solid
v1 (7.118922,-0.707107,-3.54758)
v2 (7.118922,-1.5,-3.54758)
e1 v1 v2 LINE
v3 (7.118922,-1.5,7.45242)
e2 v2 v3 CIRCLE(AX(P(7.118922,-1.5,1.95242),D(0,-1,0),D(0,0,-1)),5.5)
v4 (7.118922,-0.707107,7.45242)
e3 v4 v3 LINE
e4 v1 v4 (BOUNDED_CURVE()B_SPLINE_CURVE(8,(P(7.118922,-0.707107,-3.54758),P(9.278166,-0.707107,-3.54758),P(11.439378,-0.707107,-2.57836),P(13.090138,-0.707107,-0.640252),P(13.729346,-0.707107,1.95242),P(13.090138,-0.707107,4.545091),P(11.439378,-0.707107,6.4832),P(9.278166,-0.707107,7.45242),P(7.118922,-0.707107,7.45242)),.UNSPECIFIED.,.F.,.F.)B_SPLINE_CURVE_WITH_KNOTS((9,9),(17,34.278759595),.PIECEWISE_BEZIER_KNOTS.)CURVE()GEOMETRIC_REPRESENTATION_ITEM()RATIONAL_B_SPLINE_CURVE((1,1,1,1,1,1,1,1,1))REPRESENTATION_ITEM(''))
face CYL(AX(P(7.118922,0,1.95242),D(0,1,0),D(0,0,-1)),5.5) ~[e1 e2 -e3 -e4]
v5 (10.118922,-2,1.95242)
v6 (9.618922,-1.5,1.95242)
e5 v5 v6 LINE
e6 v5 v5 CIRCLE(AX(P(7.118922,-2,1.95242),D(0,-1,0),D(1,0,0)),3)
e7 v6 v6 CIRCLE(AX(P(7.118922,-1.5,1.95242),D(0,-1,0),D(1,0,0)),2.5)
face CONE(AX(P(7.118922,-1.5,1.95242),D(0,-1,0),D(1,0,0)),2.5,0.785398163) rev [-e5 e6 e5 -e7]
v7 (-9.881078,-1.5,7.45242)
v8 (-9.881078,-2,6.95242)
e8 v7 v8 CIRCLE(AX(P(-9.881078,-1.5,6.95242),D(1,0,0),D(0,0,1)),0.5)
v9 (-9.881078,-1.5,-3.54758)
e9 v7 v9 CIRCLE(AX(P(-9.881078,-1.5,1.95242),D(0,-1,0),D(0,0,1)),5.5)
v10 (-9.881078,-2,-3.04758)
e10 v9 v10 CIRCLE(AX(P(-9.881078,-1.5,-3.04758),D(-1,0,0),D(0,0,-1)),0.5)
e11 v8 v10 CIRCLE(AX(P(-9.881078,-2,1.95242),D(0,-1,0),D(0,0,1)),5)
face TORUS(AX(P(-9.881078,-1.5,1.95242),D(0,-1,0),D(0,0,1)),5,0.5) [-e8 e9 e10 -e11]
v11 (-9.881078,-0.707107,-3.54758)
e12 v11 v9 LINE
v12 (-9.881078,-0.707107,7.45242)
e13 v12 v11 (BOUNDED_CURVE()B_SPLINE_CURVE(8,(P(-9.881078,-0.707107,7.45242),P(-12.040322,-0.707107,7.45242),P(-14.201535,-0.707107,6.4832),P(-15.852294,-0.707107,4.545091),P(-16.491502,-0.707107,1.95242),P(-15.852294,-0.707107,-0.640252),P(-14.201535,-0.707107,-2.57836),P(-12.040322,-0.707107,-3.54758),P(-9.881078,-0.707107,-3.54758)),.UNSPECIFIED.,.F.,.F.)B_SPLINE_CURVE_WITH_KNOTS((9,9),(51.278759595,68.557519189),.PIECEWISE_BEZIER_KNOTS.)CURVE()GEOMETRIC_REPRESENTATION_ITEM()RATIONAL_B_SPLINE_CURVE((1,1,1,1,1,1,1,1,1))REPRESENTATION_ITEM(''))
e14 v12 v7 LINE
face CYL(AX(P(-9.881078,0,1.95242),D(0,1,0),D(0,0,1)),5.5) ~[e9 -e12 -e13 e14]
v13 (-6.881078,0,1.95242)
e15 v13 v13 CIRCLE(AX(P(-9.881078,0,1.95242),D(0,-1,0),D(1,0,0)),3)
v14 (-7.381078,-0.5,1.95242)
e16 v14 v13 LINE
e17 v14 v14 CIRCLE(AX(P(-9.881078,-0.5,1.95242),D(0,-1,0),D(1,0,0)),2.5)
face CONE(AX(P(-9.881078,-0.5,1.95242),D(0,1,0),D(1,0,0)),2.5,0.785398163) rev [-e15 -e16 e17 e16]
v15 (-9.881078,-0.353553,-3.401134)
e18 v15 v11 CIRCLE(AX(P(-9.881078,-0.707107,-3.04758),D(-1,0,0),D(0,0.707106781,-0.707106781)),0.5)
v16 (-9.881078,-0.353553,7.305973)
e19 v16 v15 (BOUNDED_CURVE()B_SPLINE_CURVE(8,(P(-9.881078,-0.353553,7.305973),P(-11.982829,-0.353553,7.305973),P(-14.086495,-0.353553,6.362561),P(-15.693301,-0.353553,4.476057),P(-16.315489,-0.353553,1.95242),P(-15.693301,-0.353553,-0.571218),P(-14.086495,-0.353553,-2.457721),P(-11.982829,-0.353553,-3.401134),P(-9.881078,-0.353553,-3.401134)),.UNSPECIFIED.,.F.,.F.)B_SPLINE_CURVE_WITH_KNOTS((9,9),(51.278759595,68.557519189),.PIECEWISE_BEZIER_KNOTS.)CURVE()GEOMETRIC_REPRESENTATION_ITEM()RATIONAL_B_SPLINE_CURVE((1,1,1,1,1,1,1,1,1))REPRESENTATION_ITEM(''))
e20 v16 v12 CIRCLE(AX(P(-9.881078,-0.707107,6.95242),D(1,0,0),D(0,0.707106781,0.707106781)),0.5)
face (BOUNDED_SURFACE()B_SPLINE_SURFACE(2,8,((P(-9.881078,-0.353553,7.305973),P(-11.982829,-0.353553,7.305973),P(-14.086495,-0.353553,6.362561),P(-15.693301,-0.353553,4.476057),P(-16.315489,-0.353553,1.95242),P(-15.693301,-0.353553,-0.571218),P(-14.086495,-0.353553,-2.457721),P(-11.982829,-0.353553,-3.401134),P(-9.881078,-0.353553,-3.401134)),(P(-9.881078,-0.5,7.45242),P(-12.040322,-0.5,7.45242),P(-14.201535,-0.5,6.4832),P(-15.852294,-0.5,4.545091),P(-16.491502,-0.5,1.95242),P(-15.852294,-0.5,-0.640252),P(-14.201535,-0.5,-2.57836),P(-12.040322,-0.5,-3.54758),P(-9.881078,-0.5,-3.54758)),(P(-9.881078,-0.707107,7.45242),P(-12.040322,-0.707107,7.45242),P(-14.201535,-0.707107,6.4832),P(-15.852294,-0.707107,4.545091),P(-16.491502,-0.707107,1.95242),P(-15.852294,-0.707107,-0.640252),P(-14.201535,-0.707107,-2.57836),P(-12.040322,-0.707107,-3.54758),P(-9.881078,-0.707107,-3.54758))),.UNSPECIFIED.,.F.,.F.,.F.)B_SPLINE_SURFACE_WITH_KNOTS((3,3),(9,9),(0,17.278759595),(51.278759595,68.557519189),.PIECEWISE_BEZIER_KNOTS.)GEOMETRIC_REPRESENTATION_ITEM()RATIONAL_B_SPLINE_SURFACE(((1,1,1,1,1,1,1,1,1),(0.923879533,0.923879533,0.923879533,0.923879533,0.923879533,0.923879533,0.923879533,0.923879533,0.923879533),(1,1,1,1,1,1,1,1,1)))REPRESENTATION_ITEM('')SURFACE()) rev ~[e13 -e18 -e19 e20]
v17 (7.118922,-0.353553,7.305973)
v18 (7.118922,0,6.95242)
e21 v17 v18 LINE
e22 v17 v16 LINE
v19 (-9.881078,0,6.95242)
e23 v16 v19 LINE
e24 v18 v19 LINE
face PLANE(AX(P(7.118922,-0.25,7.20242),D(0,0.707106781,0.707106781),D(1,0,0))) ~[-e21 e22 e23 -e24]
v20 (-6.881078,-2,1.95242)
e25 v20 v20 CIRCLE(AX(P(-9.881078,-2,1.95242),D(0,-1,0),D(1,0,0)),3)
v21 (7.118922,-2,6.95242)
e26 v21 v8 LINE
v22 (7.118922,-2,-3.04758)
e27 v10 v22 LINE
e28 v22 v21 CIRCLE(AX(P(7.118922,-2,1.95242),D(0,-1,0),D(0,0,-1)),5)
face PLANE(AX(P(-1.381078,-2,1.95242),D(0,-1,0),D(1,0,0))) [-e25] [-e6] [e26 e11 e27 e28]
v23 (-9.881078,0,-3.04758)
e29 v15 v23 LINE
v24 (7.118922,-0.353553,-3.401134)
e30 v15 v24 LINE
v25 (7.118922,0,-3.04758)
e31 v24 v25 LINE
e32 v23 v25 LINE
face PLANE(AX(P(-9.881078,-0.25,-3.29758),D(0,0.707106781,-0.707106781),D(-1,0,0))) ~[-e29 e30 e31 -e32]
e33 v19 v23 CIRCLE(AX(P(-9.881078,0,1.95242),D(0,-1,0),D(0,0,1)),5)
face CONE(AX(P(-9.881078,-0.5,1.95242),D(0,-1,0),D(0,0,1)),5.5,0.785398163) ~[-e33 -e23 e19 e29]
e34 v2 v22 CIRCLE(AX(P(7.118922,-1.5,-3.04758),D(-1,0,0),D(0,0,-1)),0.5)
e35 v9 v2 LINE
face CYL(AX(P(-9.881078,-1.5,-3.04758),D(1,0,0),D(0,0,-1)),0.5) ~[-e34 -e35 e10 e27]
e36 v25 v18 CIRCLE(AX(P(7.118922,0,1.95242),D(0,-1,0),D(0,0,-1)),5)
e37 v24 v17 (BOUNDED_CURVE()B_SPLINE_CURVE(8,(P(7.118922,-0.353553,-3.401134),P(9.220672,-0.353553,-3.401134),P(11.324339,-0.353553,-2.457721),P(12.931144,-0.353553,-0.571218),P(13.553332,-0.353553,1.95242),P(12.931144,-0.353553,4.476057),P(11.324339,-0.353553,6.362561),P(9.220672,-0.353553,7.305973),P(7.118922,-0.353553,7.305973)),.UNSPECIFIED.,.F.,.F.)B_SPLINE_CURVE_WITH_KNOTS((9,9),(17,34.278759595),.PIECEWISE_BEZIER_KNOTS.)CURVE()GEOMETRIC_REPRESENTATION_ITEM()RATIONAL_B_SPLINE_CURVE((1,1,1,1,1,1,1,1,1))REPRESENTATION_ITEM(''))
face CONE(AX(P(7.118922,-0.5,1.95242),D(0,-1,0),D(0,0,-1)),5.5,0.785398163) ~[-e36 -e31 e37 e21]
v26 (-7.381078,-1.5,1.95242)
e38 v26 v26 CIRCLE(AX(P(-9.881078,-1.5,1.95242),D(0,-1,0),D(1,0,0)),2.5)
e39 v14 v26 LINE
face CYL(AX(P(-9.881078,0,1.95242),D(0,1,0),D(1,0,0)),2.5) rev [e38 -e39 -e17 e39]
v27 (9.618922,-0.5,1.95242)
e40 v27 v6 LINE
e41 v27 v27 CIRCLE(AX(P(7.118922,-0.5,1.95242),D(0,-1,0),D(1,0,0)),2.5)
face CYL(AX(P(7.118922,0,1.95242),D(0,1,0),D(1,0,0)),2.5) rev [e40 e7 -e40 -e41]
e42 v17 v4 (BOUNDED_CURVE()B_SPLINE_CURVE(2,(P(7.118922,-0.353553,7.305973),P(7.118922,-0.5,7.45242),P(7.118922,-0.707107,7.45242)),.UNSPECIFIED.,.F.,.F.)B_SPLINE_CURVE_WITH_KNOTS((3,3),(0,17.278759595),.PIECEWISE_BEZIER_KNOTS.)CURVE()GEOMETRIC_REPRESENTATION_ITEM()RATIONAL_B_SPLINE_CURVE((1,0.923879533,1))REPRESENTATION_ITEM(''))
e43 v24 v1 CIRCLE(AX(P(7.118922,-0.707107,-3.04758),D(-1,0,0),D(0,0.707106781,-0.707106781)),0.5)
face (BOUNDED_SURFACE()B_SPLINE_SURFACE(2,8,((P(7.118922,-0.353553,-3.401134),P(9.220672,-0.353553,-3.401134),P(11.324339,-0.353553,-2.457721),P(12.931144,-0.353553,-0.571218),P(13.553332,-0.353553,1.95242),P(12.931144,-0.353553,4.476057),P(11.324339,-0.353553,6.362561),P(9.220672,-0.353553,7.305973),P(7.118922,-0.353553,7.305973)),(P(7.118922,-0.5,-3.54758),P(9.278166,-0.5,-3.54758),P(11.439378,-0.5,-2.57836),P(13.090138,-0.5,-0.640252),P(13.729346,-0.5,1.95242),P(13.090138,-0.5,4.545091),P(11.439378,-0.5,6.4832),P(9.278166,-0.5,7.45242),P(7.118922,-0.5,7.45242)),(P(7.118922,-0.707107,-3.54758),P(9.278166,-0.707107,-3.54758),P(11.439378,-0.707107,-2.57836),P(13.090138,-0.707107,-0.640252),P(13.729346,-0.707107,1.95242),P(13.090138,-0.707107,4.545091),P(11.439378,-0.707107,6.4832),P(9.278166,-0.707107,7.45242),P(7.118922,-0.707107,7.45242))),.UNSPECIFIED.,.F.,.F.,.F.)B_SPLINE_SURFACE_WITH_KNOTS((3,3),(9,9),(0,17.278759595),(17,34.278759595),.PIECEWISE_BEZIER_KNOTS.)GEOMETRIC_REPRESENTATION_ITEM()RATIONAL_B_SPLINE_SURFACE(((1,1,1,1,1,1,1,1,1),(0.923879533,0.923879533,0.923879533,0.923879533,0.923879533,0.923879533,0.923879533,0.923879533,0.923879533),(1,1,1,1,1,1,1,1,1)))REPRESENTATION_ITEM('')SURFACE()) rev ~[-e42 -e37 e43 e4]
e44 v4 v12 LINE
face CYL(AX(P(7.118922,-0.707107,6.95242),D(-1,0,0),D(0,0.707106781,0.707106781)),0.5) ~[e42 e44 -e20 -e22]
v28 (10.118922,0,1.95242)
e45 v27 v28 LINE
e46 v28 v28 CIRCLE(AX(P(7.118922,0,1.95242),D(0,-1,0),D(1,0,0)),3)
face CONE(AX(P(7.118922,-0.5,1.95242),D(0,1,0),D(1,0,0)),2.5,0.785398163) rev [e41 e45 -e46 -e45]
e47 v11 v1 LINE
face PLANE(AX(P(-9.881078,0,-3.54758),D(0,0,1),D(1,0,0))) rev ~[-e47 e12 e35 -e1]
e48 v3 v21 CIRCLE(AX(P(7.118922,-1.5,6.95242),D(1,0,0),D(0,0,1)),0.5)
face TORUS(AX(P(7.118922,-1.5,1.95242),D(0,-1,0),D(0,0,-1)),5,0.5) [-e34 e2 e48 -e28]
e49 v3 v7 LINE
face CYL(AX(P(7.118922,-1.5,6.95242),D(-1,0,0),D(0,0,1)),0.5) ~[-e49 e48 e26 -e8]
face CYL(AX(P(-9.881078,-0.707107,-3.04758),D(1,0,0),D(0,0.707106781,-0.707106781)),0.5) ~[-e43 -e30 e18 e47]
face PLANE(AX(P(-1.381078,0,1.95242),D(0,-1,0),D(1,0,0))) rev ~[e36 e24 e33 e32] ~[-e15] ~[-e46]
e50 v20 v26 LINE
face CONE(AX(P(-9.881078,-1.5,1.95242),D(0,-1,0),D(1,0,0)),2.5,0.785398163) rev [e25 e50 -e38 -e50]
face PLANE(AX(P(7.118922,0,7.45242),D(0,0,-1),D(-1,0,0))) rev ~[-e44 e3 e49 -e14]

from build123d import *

# Parameters (mm, degrees)
F0_R     = 2.5
F1_DEPTH = 2
F2_R     = 0.5
F3_SIZE  = 0.5
F4_SIZE  = 0.5
F5_R     = 0.5


with BuildPart() as f1:
    # F0 (on Front) → F1 (new body)
    with BuildSketch(Plane.XZ):
        with BuildLine():
            Line((7.1189217238, 7.4524198854), (-9.8810782762, 7.4524198854))
            ThreePointArc((-9.8810782762, 7.4524198854), (-15.3810782762, 1.9524198854), (-9.8810782762, -3.5475801146))
            Line((-9.8810782762, -3.5475801146), (7.1189217238, -3.5475801146))
            ThreePointArc((7.1189217238, -3.5475801146), (12.6189217238, 1.9524198854), (7.1189217238, 7.4524198854))
        make_face()
        with Locations((-9.8810782762, 1.9524198854)):
            Circle(F0_R, mode=Mode.SUBTRACT)
        with Locations((7.1189217238, 1.9524198854)):
            Circle(F0_R, mode=Mode.SUBTRACT)
    extrude(amount=F1_DEPTH)

    # F2
    f2_edges = [f1.edges().sort_by_distance(p)[0] for p in [
        (-1.381078, -2, 7.45242),
    ]]
    fillet(f2_edges, radius=F2_R)

    # F3
    f3_edges = [f1.edges().sort_by_distance(p)[0] for p in [
        (-12.381078, -2, 1.95242),
        (4.618922, -2, 1.95242),
    ]]
    chamfer(f3_edges, length=F3_SIZE)

    # F4
    f4_edges = [f1.edges().sort_by_distance(p)[0] for p in [
        (-12.381078, 0, 1.95242),
        (-1.381078, 0, 7.45242),
        (-15.381078, 0, 1.95242),
        (-1.381078, 0, -3.54758),
        (12.618922, 0, 1.95242),
        (4.618922, 0, 1.95242),
    ]]
    chamfer(f4_edges, length=F4_SIZE)

    # F5
    f5_edges = [f1.edges().sort_by_distance(p)[0] for p in [
        (-1.381078, -0.5, -3.54758),
    ]]
    fillet(f5_edges, radius=F5_R)


solid = f1.part
